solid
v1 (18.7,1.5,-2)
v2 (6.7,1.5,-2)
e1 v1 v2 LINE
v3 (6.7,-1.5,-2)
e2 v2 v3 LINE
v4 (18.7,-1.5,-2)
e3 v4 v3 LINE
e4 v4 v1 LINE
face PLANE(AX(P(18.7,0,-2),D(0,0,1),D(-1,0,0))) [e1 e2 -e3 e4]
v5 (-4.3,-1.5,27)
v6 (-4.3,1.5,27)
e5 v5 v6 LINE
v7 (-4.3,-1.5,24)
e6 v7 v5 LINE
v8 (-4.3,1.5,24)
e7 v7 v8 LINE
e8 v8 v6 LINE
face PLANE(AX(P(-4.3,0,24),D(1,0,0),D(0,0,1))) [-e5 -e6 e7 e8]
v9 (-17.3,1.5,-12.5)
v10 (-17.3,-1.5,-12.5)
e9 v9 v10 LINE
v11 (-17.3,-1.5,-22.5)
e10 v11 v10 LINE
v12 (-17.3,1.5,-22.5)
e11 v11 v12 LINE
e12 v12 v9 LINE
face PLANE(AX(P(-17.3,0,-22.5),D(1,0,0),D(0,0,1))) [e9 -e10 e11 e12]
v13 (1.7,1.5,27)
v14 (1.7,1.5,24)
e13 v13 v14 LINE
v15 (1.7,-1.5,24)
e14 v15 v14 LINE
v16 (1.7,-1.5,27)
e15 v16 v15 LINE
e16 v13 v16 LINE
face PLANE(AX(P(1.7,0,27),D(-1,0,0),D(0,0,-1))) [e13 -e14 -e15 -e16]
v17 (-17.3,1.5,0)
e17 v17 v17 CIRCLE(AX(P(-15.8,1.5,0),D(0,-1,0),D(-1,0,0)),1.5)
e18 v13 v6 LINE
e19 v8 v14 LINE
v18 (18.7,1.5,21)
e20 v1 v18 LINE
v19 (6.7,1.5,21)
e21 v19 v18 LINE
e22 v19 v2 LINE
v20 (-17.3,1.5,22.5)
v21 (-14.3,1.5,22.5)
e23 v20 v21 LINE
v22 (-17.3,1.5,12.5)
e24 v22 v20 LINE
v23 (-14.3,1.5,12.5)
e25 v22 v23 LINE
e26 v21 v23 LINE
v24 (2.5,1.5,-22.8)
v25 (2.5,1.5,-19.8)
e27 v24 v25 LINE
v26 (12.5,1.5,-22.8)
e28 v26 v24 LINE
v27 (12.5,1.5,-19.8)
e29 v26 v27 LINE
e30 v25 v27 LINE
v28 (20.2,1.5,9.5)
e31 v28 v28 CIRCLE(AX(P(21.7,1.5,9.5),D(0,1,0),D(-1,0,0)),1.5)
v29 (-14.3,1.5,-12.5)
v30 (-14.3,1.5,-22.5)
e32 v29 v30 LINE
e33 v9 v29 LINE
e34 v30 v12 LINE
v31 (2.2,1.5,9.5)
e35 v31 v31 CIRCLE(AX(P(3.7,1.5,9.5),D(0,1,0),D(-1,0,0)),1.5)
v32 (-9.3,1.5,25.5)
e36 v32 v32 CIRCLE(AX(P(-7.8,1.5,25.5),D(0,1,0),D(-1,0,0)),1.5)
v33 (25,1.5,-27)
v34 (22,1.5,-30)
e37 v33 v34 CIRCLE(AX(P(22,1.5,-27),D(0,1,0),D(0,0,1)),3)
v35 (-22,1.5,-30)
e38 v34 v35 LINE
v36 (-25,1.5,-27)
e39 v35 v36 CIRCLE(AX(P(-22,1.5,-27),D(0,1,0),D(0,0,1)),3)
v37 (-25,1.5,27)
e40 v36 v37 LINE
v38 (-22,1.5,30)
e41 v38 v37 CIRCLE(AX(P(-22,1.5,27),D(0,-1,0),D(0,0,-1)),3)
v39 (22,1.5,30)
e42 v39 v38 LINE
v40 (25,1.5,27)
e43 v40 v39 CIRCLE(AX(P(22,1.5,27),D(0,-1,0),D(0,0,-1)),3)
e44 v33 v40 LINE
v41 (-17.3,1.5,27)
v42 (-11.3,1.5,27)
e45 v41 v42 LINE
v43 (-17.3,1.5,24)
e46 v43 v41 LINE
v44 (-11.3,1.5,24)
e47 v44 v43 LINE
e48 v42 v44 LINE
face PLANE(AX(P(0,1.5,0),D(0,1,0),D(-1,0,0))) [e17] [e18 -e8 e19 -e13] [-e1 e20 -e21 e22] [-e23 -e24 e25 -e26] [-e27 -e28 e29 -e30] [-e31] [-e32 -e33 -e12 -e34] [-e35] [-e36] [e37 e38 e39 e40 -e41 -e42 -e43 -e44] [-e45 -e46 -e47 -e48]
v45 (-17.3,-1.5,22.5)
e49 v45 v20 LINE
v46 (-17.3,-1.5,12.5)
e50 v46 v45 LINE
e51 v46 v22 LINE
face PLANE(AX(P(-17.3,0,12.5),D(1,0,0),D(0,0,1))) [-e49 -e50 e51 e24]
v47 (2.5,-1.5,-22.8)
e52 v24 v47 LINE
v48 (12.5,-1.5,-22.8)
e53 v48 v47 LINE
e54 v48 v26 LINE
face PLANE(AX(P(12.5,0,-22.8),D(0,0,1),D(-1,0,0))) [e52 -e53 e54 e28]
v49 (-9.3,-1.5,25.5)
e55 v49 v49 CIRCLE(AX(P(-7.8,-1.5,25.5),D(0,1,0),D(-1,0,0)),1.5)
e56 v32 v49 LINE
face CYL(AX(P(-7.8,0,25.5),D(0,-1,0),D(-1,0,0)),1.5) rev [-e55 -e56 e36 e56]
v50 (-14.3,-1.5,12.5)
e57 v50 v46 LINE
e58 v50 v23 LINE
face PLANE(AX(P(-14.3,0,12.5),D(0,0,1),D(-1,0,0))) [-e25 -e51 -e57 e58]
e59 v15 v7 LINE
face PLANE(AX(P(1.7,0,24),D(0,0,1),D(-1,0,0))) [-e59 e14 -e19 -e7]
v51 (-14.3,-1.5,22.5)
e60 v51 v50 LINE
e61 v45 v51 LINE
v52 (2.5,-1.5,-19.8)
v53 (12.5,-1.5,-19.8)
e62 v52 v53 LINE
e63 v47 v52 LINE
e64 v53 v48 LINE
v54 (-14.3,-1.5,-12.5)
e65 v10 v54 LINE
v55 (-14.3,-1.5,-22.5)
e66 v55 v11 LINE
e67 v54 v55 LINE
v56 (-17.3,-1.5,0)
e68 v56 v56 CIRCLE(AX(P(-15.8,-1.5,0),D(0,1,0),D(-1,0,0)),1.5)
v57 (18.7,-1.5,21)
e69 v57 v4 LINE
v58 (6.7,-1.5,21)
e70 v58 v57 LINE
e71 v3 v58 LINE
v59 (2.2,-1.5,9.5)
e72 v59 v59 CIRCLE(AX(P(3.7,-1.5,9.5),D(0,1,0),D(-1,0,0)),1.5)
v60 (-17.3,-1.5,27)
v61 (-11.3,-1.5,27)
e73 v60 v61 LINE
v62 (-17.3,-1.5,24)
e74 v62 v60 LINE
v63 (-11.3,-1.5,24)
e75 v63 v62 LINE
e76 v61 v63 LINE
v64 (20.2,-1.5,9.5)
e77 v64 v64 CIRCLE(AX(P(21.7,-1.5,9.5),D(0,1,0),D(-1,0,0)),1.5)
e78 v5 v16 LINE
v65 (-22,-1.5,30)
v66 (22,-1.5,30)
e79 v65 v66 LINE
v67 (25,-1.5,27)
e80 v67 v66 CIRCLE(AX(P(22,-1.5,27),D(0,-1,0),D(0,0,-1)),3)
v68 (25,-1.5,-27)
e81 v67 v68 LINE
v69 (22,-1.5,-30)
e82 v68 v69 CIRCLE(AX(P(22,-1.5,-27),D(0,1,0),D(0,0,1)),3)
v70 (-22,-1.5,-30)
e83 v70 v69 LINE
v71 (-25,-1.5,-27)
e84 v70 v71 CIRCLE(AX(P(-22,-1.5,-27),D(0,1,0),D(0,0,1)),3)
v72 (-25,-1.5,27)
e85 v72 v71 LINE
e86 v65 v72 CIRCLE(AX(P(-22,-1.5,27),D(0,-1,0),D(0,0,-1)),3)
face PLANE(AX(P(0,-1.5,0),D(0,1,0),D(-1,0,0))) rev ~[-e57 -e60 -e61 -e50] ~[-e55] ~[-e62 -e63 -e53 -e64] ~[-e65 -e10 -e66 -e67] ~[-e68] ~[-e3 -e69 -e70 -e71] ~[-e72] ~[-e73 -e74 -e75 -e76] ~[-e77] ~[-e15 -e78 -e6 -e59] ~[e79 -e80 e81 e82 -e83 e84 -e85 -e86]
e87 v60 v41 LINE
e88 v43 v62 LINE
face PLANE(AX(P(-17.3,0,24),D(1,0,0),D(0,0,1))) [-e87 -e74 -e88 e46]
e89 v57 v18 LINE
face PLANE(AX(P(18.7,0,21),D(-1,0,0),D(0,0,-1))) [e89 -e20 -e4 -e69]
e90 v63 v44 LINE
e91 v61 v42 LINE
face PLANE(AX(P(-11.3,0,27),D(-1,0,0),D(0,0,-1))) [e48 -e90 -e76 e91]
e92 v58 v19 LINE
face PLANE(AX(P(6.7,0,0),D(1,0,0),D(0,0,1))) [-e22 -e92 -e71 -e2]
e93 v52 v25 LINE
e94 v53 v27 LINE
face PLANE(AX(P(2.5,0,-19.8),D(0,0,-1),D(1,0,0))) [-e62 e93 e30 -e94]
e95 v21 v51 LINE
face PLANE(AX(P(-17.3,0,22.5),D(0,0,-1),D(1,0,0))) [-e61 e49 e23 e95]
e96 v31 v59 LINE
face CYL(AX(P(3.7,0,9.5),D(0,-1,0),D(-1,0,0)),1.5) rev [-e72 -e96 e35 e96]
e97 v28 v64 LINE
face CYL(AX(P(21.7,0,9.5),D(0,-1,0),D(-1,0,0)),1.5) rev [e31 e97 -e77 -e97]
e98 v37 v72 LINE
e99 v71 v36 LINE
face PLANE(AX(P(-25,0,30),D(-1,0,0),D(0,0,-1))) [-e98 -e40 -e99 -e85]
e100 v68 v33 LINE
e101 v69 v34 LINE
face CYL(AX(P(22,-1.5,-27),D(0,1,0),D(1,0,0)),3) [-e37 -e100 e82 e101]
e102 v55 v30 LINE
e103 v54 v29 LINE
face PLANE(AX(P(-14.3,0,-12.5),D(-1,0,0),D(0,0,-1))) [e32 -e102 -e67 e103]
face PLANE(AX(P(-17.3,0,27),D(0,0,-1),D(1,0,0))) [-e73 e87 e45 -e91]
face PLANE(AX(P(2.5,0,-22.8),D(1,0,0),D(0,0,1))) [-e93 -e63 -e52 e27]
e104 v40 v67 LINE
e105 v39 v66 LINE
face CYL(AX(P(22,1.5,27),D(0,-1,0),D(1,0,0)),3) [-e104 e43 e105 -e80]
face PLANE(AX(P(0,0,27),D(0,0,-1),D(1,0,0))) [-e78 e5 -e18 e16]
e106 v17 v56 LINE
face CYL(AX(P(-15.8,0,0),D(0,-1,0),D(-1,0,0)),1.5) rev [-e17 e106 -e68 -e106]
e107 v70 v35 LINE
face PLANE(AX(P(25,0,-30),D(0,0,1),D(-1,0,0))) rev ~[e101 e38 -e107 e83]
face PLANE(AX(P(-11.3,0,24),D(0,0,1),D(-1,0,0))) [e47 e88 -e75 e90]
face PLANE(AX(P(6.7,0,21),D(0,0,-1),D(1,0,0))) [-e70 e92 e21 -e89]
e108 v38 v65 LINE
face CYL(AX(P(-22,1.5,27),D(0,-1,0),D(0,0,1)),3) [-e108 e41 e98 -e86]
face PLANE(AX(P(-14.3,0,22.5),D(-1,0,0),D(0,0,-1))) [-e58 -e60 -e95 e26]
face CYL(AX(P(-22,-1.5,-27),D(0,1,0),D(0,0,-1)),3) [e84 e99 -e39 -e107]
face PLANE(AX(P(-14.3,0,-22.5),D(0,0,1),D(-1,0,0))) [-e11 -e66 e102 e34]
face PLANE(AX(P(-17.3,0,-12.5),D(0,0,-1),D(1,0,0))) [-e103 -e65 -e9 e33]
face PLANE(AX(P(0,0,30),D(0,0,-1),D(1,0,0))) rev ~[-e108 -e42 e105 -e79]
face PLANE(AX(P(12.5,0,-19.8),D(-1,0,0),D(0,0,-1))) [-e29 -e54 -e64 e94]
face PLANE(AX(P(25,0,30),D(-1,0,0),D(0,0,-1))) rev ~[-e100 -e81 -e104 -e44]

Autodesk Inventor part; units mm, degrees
ref_plane "YZ Plane" through (0, 0, 0) normal (1, 0, 0) x (0, 1, 0)
ref_plane "XZ Plane" through (0, 0, 0) normal (0, 1, 0) x (-1, 0, 0)
ref_plane "XY Plane" through (0, 0, 0) normal (0, 0, 1) x (1, 0, 0)
sketch "草圖1" plane through (0, 0, 0) normal (0, 1, 0) x (-1, 0, 0)
  line L0 (-25, 27) -> (-25, -27)
  line L1 (-25, -30) -> (24.1827, -30)
  line L2 (17.3, 27) -> (11.3, 27)
  line L3 (11.3, 27) -> (11.3, 24)
  line L4 (11.3, 24) -> (17.3, 24)
  line L5 (17.3, 24) -> (17.3, 27)
  line L6 (17.3, 22.5) -> (14.3, 22.5)
  line L7 (14.3, 22.5) -> (14.3, 12.5)
  line L8 (14.3, 12.5) -> (17.3, 12.5)
  line L9 (17.3, 12.5) -> (17.3, 22.5)
  line L10 (14.3, 12.5) -> (15.8, 12.5)
  circle A0 centre (15.8, 0) radius 1.5
  line L11 (14.3, -22.5) -> (17.3, -22.5)
  line L12 (17.3, -22.5) -> (17.3, -12.5)
  line L13 (17.3, -12.5) -> (14.3, -12.5)
  line L14 (14.3, -12.5) -> (14.3, -22.5)
  circle A1 centre (7.8, 25.5) radius 1.5
  line L15 (-1.7, 24) -> (4.3, 24)
  line L16 (4.3, 24) -> (4.3, 27)
  line L17 (4.3, 27) -> (-1.7, 27)
  line L18 (-1.7, 27) -> (-1.7, 24)
  line L19 (-6.7, 21) -> (-18.7, 21)
  line L20 (-18.7, 21) -> (-18.7, -2)
  line L21 (-18.7, -2) -> (-6.7, -2)
  line L22 (-6.7, -2) -> (-6.7, 21)
  line L23 (-6.7, 21) -> (-6.7, 9.5)
  circle A2 centre (-3.7, 9.5) radius 1.5
  circle A3 centre (-21.7, 9.5) radius 1.5
  line L24 (-2.5, -19.8) -> (-12.5, -19.8)
  line L25 (-12.5, -19.8) -> (-12.5, -22.8)
  line L26 (-12.5, -22.8) -> (-2.5, -22.8)
  line L27 (-2.5, -22.8) -> (-2.5, -19.8)
  line L28 (-25, -30) -> (-25, -27)
  line L29 (-12.5, -22.8) -> (-12.5, -21.3)
  line L30 (25, 30) -> (25, -30)
  line L31 (25, -30) -> (24.1827, -30)
  line L32 (25, 30) -> (25, 27)
  line L33 (-25, 30) -> (-25, 27)
  line L34 (0, -42) -> (0, 42) projected
  line L35 (35, 0) -> (-35, 0) projected
  line L36 (25, 30) -> (25, 27)
  line L37 (25, 30) -> (-25, 30)
  point P0 (25, -30)
  dimension "d1" = 50
  dimension "d46" = 3
  dimension "d47" = 1.5
  dimension "d48" = 3
  dimension "d49" = 10
  dimension "d50" = 3
  dimension "d51" = 1.5
  dimension "d53" = 3
  dimension "d54" = 3
  dimension "d55" = 10
  dimension "d56" = 3
  dimension "d61" = 3
  dimension "d62" = 6
  dimension "d63" = 3
  dimension "d67" = 12
  dimension "d68" = 23
  dimension "d69" = 11.5
  dimension "d72" = 3
  dimension "d73" = 3
  dimension "d74" = 10
  dimension "d75" = 3
  dimension "d88" = 60
  dimension "d91" = 25
  dimension "d92" = 30
extrude "擠出2" add sketch "草圖1" along normal mid plane 3 contours L33 L37 L34 L17 L18 L15 L35 L22 L19 L20 L0 | L35 L20 L21 L22 L34 L1 L28 L0 | L37 L30 L35 A0 L34 L15 L16 L17 | L34 L35 A0 L30 L31 L1
fillet "圓角1" radius 3 4 edges at (-25, 0, 30) (25, 0, 30) (-25, 0, -30) (25, 0, -30)
properties part number "板子1"
